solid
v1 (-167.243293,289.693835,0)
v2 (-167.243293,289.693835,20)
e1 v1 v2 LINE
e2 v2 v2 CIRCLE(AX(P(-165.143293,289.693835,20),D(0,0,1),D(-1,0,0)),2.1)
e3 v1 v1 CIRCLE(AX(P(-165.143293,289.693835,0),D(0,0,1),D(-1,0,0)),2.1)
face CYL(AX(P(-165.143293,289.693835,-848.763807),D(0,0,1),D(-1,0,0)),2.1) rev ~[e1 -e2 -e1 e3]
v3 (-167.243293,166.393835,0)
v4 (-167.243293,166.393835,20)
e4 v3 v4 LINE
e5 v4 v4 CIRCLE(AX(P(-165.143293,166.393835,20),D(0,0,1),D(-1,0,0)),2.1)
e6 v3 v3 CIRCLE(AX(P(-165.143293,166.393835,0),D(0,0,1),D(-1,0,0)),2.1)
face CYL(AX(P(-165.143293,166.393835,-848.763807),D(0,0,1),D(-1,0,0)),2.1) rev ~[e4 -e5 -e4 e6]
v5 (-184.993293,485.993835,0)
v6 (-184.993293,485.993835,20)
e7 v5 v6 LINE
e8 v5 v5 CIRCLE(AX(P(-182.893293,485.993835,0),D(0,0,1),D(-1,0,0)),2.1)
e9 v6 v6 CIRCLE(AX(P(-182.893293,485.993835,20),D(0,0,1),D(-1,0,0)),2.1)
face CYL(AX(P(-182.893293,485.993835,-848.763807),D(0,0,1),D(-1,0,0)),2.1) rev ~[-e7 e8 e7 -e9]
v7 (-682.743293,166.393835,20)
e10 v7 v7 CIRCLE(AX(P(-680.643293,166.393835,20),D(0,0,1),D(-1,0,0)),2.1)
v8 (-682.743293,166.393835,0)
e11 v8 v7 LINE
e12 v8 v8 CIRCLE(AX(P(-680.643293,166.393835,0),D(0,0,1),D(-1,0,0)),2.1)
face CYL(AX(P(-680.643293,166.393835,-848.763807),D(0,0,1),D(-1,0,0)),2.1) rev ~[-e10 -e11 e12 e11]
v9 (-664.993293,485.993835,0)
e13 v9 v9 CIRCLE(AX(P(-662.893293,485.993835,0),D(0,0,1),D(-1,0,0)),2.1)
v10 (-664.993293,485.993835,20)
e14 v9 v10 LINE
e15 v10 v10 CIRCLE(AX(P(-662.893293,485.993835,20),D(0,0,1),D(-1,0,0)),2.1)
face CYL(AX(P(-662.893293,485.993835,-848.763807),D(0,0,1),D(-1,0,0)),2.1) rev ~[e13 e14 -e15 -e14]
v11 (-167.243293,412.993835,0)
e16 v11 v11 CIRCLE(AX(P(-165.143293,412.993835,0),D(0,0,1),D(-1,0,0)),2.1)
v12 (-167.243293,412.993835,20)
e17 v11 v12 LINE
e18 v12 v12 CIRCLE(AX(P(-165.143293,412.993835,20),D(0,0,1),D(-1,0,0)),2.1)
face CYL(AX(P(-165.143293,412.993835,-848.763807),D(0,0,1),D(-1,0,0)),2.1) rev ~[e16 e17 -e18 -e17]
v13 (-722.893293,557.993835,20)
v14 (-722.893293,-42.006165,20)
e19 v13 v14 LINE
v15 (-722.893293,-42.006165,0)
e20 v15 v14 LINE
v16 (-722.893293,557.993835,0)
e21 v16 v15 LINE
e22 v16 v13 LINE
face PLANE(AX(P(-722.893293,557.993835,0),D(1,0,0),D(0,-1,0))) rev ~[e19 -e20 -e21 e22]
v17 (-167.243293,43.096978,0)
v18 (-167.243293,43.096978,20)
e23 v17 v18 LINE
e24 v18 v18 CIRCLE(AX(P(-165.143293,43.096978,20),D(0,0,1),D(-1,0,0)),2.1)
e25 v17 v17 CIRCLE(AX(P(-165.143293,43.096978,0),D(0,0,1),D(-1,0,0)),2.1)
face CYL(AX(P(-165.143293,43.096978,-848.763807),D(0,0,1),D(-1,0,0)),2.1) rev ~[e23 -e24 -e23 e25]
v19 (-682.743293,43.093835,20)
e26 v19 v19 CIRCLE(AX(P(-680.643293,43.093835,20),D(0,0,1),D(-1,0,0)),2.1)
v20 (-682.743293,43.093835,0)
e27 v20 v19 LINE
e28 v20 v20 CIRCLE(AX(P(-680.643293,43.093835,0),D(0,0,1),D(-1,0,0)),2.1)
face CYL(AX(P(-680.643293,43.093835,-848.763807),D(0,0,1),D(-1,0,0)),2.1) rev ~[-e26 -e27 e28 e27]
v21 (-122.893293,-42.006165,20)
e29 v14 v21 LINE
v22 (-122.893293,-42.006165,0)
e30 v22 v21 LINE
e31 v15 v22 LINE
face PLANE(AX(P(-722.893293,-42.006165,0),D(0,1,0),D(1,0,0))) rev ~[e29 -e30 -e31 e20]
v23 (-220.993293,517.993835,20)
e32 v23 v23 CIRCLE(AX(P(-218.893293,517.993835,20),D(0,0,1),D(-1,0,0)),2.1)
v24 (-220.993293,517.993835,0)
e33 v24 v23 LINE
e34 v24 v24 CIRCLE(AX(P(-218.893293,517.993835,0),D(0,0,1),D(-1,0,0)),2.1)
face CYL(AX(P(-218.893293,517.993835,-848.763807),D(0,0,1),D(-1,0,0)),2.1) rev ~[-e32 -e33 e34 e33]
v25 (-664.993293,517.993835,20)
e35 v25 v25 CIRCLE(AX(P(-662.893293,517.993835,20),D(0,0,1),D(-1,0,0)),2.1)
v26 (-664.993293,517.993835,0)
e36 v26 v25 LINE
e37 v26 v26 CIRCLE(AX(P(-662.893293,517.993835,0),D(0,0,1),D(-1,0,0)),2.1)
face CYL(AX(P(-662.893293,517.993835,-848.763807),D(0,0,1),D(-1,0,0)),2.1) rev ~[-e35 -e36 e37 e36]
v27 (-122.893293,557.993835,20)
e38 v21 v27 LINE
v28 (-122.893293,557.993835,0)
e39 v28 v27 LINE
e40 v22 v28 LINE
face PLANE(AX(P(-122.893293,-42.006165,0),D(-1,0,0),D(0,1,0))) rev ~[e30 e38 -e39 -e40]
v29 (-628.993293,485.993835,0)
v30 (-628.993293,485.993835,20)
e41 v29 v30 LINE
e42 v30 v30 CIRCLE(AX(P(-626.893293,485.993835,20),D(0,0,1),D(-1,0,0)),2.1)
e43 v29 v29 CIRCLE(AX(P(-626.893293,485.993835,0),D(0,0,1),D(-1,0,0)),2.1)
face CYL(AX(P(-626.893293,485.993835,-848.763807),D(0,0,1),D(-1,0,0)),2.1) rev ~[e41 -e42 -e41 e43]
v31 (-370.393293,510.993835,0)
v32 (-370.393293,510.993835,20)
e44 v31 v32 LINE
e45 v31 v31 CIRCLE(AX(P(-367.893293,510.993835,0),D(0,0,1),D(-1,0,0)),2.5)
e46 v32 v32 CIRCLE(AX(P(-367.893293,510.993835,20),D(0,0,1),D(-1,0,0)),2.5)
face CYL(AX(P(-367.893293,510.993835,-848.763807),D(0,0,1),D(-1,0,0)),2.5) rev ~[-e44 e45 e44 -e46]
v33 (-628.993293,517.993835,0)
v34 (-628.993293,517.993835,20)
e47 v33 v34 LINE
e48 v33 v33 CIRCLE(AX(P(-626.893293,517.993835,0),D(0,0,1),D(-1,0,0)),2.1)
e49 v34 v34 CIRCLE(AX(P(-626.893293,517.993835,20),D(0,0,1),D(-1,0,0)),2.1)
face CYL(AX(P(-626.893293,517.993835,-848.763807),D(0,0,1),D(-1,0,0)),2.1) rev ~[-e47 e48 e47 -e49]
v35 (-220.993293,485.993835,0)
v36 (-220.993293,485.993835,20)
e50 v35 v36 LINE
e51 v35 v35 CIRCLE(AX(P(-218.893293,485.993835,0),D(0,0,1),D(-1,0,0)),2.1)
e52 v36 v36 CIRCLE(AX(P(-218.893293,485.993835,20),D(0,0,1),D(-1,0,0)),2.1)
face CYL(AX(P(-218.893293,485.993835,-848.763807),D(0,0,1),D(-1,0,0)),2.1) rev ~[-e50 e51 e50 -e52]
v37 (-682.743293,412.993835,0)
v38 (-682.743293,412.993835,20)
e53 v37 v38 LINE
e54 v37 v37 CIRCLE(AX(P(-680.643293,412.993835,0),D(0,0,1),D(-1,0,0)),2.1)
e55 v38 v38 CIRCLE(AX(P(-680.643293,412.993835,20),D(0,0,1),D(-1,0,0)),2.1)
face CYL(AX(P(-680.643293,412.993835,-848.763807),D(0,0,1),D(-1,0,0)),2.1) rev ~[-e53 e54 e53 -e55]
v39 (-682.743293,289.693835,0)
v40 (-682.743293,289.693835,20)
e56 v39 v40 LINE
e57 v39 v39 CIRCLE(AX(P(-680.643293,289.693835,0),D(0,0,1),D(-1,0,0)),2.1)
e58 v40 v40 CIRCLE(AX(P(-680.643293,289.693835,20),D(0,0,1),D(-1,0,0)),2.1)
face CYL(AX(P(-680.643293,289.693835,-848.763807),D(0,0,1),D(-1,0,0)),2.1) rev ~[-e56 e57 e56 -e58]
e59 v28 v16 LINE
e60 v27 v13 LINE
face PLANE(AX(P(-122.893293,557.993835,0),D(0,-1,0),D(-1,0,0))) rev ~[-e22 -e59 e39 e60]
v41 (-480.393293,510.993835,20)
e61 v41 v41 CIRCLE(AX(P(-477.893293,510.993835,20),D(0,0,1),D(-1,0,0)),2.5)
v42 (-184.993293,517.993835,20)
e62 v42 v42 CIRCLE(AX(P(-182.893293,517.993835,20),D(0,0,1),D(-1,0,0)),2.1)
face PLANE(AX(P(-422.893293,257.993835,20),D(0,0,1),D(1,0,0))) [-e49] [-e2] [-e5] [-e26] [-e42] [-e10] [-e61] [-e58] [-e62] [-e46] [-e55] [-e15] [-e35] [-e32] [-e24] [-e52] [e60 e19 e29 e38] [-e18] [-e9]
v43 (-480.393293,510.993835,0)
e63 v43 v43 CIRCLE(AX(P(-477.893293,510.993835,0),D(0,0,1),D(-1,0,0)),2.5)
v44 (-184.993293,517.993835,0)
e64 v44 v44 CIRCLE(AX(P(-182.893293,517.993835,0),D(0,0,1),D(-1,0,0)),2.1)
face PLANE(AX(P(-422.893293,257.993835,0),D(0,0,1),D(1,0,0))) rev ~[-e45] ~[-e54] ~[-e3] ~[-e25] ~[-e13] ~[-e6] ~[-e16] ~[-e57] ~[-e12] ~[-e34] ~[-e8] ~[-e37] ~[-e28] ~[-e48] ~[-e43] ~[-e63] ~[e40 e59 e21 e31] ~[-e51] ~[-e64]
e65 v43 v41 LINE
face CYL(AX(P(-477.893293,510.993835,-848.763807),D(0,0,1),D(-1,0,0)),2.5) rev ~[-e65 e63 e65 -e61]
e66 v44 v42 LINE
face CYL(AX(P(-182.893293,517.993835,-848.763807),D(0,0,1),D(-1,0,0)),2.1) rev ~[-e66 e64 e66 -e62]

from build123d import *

# Parameters (mm, degrees)
F1_DEPTH = 20
F2_D     = 5
F3_D     = 4.2
F4_D     = 4.2


with BuildPart() as f1:
    # F0 (on Top) → F1 (new body)
    with BuildSketch(Plane.XY):
        Polygon((-122.8932932019, 557.9938352108), (-722.8932932019, 557.9938352108), (-722.8932932019, -42.0061647892), (-422.8932932019, -42.0061647892), (-122.8932932019, -42.0061647892), align=None)
    extrude(amount=F1_DEPTH)

    # F2 (through all)
    with Locations(Plane(origin=(0, 0, 0), x_dir=(1, 0, 0), z_dir=(0, 0, -1))):
        with Locations((-477.8932932019, -510.9938352108), (-367.8932932019, -510.9938352108)):
            Hole(F2_D / 2)

    # F3 (through all)
    with Locations(Plane(origin=(0, 0, 0), x_dir=(1, 0, 0), z_dir=(0, 0, -1))):
        with Locations((-680.6432932019, -412.9938352108), (-680.6432932019, -289.6938352108), (-680.6432932019, -166.3938352108), (-680.6432932019, -43.0938352108), (-165.1432932019, -43.0969782174), (-165.1432932019, -166.3938352108), (-165.1432932019, -289.6938352108), (-165.1432932019, -412.9938352108)):
            Hole(F3_D / 2)

    # F4 (through all)
    with Locations(Plane(origin=(0, 0, 0), x_dir=(1, 0, 0), z_dir=(0, 0, -1))):
        with Locations((-626.8932932019, -485.9938352108), (-662.8932932019, -485.9938352108), (-662.8932932019, -517.9938352108), (-626.8932932019, -517.9938352108), (-218.8932932019, -517.9938352108), (-182.8932932019, -517.9938352108), (-182.8932932019, -485.9938352108), (-218.8932932019, -485.9938352108)):
            Hole(F4_D / 2)


solid = f1.part
